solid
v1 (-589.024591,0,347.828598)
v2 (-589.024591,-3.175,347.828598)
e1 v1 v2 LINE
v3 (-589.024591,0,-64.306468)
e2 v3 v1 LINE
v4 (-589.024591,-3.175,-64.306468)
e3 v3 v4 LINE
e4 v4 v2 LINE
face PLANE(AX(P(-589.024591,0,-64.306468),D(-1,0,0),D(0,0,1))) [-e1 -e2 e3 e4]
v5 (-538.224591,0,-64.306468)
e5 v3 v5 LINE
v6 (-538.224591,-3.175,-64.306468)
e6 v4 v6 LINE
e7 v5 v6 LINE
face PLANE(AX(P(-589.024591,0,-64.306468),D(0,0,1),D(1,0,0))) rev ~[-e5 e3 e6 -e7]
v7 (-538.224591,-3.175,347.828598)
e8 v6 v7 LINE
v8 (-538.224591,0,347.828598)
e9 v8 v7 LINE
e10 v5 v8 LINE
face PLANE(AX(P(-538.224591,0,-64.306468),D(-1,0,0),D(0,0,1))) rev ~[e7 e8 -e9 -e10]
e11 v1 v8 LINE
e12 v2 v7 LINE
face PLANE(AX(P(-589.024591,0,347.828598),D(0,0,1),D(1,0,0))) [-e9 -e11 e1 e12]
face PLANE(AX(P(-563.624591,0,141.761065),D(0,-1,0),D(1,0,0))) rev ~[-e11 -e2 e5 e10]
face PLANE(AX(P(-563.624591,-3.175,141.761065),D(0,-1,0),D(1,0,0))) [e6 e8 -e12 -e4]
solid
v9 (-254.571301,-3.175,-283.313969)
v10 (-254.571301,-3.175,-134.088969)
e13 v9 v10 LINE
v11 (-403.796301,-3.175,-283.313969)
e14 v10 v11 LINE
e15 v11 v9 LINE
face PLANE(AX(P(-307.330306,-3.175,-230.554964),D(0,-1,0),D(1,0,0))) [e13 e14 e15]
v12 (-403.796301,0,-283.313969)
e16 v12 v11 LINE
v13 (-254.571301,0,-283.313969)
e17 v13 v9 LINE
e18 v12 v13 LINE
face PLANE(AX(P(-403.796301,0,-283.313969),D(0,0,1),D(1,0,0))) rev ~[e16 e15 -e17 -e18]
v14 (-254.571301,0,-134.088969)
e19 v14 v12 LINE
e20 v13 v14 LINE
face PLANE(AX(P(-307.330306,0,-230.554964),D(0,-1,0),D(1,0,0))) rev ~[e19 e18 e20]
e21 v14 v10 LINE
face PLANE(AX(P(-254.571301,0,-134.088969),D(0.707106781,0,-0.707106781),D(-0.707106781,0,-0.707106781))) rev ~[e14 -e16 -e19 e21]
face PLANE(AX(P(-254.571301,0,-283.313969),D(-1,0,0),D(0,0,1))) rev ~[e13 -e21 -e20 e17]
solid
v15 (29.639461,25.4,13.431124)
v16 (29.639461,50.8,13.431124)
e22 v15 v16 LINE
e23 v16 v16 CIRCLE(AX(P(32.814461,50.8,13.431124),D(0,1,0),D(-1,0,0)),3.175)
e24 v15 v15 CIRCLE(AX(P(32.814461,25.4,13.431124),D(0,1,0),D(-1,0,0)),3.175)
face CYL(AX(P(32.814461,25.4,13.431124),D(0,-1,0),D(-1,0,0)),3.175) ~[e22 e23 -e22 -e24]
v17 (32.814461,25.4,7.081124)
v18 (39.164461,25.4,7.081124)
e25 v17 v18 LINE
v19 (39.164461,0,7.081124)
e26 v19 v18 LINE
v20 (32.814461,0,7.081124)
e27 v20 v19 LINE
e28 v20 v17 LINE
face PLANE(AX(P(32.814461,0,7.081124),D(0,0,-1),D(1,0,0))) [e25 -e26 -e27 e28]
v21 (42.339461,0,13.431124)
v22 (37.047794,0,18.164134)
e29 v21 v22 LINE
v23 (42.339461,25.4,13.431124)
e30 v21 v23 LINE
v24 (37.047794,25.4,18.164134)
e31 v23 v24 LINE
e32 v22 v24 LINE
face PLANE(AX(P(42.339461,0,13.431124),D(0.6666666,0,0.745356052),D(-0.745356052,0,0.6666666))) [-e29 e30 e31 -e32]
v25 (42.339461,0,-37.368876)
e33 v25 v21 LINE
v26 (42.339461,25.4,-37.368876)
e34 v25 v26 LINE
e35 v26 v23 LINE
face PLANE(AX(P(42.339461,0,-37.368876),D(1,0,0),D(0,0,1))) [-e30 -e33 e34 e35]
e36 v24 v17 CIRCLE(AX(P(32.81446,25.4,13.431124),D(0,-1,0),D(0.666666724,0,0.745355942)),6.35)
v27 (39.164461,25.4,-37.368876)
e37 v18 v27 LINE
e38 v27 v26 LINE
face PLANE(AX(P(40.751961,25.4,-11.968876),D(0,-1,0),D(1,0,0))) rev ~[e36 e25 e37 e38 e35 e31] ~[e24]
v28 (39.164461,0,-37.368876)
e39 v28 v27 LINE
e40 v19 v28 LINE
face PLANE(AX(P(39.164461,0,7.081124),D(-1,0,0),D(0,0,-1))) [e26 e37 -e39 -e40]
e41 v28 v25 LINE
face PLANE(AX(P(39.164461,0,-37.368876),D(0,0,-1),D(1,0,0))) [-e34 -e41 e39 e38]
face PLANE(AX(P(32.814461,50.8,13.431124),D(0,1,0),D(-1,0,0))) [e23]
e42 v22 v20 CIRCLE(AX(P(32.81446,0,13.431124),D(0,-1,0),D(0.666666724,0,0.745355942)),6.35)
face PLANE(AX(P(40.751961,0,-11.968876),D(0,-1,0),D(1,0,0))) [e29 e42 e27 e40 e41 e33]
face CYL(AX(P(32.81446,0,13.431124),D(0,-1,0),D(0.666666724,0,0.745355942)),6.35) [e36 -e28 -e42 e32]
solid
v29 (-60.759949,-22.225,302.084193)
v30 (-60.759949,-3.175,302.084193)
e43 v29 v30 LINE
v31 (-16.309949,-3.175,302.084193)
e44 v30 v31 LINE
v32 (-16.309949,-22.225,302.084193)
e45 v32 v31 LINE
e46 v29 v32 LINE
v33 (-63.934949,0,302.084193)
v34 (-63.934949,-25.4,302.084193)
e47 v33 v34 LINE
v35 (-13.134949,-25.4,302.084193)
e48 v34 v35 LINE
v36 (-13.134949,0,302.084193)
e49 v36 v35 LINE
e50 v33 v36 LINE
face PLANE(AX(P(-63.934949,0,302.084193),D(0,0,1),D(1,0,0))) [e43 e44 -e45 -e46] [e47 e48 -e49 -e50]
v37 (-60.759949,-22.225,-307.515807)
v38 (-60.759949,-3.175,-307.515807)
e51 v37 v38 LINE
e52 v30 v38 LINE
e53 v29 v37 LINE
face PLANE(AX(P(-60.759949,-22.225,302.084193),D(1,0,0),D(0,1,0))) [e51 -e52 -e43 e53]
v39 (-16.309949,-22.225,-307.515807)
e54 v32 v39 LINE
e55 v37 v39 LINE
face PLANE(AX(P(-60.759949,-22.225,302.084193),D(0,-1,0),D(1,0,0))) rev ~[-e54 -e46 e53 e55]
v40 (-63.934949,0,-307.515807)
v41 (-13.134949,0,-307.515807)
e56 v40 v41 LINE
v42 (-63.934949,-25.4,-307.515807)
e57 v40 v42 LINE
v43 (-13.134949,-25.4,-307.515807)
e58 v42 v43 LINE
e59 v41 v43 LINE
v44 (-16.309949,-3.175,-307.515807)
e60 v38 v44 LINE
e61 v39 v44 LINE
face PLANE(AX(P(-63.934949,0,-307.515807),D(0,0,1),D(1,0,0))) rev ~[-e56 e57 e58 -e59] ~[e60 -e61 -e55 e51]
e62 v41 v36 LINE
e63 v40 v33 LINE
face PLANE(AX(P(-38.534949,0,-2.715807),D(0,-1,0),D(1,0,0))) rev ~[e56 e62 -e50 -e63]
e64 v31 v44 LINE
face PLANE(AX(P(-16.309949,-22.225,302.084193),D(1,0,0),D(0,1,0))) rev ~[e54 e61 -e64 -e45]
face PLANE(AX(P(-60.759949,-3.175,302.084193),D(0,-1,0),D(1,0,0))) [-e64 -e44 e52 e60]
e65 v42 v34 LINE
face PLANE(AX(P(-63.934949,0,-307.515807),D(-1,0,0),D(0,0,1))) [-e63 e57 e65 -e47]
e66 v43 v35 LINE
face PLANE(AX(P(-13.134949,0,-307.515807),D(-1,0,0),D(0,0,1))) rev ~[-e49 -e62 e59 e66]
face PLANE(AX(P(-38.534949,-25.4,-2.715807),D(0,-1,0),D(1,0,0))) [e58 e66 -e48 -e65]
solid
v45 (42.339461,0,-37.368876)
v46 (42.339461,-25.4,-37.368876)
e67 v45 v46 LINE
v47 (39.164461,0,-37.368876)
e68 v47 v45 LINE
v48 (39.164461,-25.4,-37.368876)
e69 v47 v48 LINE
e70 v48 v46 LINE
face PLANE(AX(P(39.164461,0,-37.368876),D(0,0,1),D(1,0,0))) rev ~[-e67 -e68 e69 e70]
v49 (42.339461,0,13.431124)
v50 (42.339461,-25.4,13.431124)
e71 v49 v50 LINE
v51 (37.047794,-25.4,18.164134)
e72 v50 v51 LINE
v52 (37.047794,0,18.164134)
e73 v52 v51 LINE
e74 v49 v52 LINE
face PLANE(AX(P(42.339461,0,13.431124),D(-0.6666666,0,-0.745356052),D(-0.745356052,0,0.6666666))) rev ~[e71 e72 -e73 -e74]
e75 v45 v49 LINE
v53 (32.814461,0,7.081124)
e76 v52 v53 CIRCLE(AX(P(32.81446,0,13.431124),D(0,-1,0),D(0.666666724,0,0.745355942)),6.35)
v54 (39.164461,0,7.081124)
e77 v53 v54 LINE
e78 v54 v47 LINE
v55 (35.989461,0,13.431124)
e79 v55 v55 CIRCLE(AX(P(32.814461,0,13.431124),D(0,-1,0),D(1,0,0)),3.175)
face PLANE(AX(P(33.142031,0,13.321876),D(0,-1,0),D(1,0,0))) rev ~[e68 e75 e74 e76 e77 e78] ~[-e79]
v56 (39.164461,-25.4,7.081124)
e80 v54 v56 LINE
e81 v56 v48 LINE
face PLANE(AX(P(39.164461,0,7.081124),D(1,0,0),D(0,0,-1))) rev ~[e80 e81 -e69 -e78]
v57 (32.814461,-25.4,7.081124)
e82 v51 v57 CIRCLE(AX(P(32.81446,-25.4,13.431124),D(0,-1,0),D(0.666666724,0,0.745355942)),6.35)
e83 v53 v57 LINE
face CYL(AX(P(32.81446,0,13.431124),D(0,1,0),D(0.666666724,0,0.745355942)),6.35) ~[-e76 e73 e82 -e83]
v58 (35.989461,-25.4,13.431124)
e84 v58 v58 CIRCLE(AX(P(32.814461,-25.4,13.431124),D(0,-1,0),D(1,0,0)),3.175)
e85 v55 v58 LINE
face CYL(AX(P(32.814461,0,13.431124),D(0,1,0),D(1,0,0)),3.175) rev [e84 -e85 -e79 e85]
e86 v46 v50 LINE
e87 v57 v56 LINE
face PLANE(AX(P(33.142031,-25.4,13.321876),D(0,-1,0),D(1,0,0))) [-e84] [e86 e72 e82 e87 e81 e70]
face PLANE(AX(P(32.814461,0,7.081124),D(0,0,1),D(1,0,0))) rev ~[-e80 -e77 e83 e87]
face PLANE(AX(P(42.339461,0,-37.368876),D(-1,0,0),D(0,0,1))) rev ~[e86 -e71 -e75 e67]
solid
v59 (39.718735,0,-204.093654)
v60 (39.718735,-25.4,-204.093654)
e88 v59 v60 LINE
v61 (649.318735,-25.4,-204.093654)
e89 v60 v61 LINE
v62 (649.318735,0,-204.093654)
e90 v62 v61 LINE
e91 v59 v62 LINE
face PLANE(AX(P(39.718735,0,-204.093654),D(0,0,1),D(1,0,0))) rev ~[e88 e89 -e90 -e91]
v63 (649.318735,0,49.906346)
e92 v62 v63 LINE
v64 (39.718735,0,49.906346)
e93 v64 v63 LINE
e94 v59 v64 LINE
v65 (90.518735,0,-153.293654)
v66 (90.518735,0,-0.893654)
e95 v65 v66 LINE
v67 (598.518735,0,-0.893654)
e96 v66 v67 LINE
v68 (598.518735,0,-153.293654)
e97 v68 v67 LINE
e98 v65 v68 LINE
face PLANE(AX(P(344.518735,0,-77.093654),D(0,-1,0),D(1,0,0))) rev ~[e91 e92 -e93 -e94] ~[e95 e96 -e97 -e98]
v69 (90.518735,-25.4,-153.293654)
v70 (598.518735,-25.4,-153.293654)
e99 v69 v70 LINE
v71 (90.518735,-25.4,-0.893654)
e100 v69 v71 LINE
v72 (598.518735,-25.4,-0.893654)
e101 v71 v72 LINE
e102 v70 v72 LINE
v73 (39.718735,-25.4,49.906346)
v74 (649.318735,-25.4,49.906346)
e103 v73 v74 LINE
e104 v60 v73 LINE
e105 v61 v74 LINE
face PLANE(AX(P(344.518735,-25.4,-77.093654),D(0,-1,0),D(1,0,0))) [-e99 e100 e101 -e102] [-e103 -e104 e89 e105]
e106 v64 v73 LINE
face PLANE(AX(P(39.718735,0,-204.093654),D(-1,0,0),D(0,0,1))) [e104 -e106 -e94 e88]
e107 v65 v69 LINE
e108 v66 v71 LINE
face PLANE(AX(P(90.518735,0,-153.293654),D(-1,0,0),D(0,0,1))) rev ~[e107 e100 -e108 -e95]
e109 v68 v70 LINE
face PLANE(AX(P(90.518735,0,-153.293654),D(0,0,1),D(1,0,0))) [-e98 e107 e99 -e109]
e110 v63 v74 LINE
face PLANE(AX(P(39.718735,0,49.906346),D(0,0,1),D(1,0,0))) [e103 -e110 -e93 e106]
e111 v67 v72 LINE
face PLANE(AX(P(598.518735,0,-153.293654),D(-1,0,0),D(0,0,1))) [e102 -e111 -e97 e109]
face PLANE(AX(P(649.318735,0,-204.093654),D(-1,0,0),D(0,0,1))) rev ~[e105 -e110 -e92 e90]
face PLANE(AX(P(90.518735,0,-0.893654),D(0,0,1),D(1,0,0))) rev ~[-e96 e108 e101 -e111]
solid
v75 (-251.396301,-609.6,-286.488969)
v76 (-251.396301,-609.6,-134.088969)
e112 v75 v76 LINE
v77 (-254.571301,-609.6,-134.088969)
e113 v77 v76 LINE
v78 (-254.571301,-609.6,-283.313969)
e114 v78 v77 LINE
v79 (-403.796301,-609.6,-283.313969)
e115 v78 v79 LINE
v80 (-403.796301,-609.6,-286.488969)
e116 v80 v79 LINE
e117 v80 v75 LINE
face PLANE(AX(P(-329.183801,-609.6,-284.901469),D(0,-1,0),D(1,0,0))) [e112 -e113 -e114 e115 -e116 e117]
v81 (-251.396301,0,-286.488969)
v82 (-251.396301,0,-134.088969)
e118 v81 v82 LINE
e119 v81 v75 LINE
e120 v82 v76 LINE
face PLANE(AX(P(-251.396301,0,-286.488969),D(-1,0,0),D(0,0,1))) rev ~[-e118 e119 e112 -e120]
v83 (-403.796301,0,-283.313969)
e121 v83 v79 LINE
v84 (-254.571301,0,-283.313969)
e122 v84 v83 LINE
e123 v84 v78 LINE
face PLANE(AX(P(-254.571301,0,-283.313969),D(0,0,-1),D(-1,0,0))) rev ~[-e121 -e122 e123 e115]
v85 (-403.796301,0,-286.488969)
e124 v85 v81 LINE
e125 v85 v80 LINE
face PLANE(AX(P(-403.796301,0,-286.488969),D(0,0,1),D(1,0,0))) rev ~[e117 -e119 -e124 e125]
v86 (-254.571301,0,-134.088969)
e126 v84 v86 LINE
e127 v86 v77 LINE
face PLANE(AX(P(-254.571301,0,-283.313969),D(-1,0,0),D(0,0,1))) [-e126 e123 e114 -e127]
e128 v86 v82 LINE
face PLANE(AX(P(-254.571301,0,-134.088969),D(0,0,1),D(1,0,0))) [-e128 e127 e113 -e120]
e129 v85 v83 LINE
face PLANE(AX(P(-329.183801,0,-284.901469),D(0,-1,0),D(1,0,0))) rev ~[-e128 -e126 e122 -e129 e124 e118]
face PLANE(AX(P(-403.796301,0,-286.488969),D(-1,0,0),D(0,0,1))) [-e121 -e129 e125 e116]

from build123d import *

# Parameters (mm, degrees)
F0_W      = 149.225
F0_H      = 3.175
F0_W_2    = 3.175
F0_H_2    = 149.225
F1_DEPTH  = 609.6
F2_DEPTH  = 3.175
F3_R      = 3.175
F4_DEPTH  = 25.4
F5_DEPTH  = 25.4
F6_R      = 3.175
F7_DEPTH  = 25.4
F8_W      = 50.8
F8_H      = 609.6
F9_DEPTH  = 25.4
F10_W     = 44.45
F10_H     = 19.05
F11_DEPTH = 609.601
F12_W     = 609.6
F12_H     = 254
F12_W_2   = 508
F12_H_2   = 152.4
F13_DEPTH = 25.4
F14_W     = 50.8
F14_H     = 412.135066
F15_DEPTH = 3.175


with BuildPart() as f1:
    # F0 (on Front) → F1 (new body)
    with BuildSketch(Plane.XZ):
        with Locations((-329.183801, -284.901469)):
            Rectangle(F0_W, F0_H)
        with Locations((-252.983801, -284.901469)):
            Rectangle(F0_W_2, F0_H)
        with Locations((-252.983801, -208.701469)):
            Rectangle(F0_W_2, F0_H_2)
    extrude(amount=F1_DEPTH)


with BuildPart() as f2:
    # F0 (on Front) → F2 (new body)
    with BuildSketch(Plane.XZ):
        Polygon((-254.571301, -134.088969), (-403.796301, -283.313969), (-254.571301, -283.313969), align=None)
    extrude(amount=F2_DEPTH)


with BuildPart() as f4:
    # F3 (on Front) → F4 (new body)
    with BuildSketch(Plane.XZ):
        with BuildLine():
            ThreePointArc((32.814461, 7.081124), (37.304589, 8.940996), (39.164461, 13.431124))
            ThreePointArc((39.164461, 13.431124), (38.611191, 16.0235), (37.047794, 18.164134))
            ThreePointArc((37.047794, 18.164134), (26.882466, 15.696944), (32.814461, 7.081124))
        make_face()
        with Locations((32.814461, 13.431124)):
            Circle(F3_R, mode=Mode.SUBTRACT)
        with BuildLine():
            ThreePointArc((37.047794, 18.164134), (38.611191, 16.0235), (39.164461, 13.431124))
            Line((39.164461, 13.431124), (42.339461, 13.431124))
            Line((42.339461, 13.431124), (37.047794, 18.164134))
        make_face()
        with BuildLine():
            Line((39.164461, 7.081124), (39.164461, 13.431124))
            ThreePointArc((39.164461, 13.431124), (37.304589, 8.940996), (32.814461, 7.081124))
            Line((32.814461, 7.081124), (39.164461, 7.081124))
        make_face()
        Polygon((42.339461, 13.431124), (39.164461, 13.431124), (39.164461, 7.081124), (39.164461, -37.368876), (42.339461, -37.368876), align=None)
    extrude(amount=F4_DEPTH)


with BuildPart() as f5:
    # F3 (on Front) → F5 (new body)
    with BuildSketch(Plane.XZ):
        Polygon((42.339461, 13.431124), (39.164461, 13.431124), (39.164461, 7.081124), (39.164461, -37.368876), (42.339461, -37.368876), align=None)
        with BuildLine():
            Line((39.164461, 7.081124), (39.164461, 13.431124))
            ThreePointArc((39.164461, 13.431124), (37.304589, 8.940996), (32.814461, 7.081124))
            Line((32.814461, 7.081124), (39.164461, 7.081124))
        make_face()
        with BuildLine():
            ThreePointArc((37.047794, 18.164134), (38.611191, 16.0235), (39.164461, 13.431124))
            Line((39.164461, 13.431124), (42.339461, 13.431124))
            Line((42.339461, 13.431124), (37.047794, 18.164134))
        make_face()
        with BuildLine():
            ThreePointArc((32.814461, 7.081124), (37.304589, 8.940996), (39.164461, 13.431124))
            ThreePointArc((39.164461, 13.431124), (38.611191, 16.0235), (37.047794, 18.164134))
            ThreePointArc((37.047794, 18.164134), (26.882466, 15.696944), (32.814461, 7.081124))
        make_face()
        with Locations((32.814461, 13.431124)):
            Circle(F3_R, mode=Mode.SUBTRACT)
        with Locations((32.814461, 13.431124)):
            Circle(F3_R)
    extrude(amount=-F5_DEPTH)

    # F6 (on face) → F7 (join)
    with BuildSketch(Plane(origin=(0, 25.4, 0), x_dir=(-1, 0, 0), z_dir=(0, 1, 0))):
        with Locations((-32.814461, 13.431124)):
            Circle(F6_R)
    extrude(amount=F7_DEPTH)


with BuildPart() as f9:
    # F8 (on Front) → F9 (new body)
    with BuildSketch(Plane.XZ):
        with Locations((-38.534949, -2.715807)):
            Rectangle(F8_W, F8_H)
    extrude(amount=F9_DEPTH)

    # F10 (on face) → F11 (cut, through all)
    with BuildSketch(Plane.XY.offset(302.084193)):
        with Locations((-38.534949, -12.7)):
            Rectangle(F10_W, F10_H)
    extrude(amount=-F11_DEPTH, mode=Mode.SUBTRACT)


with BuildPart() as f13:
    # F12 (on Front) → F13 (new body)
    with BuildSketch(Plane.XZ):
        with Locations((344.518735, -77.093654)):
            Rectangle(F12_W, F12_H)
        with Locations((344.518735, -77.093654)):
            Rectangle(F12_W_2, F12_H_2, mode=Mode.SUBTRACT)
    extrude(amount=F13_DEPTH)


with BuildPart() as f15:
    # F14 (on Front) → F15 (new body)
    with BuildSketch(Plane.XZ):
        with Locations((-563.624591, 141.761065)):
            Rectangle(F14_W, F14_H)
    extrude(amount=F15_DEPTH)


solid = Compound([f1.part, f2.part, f4.part, f5.part, f9.part, f13.part, f15.part])
